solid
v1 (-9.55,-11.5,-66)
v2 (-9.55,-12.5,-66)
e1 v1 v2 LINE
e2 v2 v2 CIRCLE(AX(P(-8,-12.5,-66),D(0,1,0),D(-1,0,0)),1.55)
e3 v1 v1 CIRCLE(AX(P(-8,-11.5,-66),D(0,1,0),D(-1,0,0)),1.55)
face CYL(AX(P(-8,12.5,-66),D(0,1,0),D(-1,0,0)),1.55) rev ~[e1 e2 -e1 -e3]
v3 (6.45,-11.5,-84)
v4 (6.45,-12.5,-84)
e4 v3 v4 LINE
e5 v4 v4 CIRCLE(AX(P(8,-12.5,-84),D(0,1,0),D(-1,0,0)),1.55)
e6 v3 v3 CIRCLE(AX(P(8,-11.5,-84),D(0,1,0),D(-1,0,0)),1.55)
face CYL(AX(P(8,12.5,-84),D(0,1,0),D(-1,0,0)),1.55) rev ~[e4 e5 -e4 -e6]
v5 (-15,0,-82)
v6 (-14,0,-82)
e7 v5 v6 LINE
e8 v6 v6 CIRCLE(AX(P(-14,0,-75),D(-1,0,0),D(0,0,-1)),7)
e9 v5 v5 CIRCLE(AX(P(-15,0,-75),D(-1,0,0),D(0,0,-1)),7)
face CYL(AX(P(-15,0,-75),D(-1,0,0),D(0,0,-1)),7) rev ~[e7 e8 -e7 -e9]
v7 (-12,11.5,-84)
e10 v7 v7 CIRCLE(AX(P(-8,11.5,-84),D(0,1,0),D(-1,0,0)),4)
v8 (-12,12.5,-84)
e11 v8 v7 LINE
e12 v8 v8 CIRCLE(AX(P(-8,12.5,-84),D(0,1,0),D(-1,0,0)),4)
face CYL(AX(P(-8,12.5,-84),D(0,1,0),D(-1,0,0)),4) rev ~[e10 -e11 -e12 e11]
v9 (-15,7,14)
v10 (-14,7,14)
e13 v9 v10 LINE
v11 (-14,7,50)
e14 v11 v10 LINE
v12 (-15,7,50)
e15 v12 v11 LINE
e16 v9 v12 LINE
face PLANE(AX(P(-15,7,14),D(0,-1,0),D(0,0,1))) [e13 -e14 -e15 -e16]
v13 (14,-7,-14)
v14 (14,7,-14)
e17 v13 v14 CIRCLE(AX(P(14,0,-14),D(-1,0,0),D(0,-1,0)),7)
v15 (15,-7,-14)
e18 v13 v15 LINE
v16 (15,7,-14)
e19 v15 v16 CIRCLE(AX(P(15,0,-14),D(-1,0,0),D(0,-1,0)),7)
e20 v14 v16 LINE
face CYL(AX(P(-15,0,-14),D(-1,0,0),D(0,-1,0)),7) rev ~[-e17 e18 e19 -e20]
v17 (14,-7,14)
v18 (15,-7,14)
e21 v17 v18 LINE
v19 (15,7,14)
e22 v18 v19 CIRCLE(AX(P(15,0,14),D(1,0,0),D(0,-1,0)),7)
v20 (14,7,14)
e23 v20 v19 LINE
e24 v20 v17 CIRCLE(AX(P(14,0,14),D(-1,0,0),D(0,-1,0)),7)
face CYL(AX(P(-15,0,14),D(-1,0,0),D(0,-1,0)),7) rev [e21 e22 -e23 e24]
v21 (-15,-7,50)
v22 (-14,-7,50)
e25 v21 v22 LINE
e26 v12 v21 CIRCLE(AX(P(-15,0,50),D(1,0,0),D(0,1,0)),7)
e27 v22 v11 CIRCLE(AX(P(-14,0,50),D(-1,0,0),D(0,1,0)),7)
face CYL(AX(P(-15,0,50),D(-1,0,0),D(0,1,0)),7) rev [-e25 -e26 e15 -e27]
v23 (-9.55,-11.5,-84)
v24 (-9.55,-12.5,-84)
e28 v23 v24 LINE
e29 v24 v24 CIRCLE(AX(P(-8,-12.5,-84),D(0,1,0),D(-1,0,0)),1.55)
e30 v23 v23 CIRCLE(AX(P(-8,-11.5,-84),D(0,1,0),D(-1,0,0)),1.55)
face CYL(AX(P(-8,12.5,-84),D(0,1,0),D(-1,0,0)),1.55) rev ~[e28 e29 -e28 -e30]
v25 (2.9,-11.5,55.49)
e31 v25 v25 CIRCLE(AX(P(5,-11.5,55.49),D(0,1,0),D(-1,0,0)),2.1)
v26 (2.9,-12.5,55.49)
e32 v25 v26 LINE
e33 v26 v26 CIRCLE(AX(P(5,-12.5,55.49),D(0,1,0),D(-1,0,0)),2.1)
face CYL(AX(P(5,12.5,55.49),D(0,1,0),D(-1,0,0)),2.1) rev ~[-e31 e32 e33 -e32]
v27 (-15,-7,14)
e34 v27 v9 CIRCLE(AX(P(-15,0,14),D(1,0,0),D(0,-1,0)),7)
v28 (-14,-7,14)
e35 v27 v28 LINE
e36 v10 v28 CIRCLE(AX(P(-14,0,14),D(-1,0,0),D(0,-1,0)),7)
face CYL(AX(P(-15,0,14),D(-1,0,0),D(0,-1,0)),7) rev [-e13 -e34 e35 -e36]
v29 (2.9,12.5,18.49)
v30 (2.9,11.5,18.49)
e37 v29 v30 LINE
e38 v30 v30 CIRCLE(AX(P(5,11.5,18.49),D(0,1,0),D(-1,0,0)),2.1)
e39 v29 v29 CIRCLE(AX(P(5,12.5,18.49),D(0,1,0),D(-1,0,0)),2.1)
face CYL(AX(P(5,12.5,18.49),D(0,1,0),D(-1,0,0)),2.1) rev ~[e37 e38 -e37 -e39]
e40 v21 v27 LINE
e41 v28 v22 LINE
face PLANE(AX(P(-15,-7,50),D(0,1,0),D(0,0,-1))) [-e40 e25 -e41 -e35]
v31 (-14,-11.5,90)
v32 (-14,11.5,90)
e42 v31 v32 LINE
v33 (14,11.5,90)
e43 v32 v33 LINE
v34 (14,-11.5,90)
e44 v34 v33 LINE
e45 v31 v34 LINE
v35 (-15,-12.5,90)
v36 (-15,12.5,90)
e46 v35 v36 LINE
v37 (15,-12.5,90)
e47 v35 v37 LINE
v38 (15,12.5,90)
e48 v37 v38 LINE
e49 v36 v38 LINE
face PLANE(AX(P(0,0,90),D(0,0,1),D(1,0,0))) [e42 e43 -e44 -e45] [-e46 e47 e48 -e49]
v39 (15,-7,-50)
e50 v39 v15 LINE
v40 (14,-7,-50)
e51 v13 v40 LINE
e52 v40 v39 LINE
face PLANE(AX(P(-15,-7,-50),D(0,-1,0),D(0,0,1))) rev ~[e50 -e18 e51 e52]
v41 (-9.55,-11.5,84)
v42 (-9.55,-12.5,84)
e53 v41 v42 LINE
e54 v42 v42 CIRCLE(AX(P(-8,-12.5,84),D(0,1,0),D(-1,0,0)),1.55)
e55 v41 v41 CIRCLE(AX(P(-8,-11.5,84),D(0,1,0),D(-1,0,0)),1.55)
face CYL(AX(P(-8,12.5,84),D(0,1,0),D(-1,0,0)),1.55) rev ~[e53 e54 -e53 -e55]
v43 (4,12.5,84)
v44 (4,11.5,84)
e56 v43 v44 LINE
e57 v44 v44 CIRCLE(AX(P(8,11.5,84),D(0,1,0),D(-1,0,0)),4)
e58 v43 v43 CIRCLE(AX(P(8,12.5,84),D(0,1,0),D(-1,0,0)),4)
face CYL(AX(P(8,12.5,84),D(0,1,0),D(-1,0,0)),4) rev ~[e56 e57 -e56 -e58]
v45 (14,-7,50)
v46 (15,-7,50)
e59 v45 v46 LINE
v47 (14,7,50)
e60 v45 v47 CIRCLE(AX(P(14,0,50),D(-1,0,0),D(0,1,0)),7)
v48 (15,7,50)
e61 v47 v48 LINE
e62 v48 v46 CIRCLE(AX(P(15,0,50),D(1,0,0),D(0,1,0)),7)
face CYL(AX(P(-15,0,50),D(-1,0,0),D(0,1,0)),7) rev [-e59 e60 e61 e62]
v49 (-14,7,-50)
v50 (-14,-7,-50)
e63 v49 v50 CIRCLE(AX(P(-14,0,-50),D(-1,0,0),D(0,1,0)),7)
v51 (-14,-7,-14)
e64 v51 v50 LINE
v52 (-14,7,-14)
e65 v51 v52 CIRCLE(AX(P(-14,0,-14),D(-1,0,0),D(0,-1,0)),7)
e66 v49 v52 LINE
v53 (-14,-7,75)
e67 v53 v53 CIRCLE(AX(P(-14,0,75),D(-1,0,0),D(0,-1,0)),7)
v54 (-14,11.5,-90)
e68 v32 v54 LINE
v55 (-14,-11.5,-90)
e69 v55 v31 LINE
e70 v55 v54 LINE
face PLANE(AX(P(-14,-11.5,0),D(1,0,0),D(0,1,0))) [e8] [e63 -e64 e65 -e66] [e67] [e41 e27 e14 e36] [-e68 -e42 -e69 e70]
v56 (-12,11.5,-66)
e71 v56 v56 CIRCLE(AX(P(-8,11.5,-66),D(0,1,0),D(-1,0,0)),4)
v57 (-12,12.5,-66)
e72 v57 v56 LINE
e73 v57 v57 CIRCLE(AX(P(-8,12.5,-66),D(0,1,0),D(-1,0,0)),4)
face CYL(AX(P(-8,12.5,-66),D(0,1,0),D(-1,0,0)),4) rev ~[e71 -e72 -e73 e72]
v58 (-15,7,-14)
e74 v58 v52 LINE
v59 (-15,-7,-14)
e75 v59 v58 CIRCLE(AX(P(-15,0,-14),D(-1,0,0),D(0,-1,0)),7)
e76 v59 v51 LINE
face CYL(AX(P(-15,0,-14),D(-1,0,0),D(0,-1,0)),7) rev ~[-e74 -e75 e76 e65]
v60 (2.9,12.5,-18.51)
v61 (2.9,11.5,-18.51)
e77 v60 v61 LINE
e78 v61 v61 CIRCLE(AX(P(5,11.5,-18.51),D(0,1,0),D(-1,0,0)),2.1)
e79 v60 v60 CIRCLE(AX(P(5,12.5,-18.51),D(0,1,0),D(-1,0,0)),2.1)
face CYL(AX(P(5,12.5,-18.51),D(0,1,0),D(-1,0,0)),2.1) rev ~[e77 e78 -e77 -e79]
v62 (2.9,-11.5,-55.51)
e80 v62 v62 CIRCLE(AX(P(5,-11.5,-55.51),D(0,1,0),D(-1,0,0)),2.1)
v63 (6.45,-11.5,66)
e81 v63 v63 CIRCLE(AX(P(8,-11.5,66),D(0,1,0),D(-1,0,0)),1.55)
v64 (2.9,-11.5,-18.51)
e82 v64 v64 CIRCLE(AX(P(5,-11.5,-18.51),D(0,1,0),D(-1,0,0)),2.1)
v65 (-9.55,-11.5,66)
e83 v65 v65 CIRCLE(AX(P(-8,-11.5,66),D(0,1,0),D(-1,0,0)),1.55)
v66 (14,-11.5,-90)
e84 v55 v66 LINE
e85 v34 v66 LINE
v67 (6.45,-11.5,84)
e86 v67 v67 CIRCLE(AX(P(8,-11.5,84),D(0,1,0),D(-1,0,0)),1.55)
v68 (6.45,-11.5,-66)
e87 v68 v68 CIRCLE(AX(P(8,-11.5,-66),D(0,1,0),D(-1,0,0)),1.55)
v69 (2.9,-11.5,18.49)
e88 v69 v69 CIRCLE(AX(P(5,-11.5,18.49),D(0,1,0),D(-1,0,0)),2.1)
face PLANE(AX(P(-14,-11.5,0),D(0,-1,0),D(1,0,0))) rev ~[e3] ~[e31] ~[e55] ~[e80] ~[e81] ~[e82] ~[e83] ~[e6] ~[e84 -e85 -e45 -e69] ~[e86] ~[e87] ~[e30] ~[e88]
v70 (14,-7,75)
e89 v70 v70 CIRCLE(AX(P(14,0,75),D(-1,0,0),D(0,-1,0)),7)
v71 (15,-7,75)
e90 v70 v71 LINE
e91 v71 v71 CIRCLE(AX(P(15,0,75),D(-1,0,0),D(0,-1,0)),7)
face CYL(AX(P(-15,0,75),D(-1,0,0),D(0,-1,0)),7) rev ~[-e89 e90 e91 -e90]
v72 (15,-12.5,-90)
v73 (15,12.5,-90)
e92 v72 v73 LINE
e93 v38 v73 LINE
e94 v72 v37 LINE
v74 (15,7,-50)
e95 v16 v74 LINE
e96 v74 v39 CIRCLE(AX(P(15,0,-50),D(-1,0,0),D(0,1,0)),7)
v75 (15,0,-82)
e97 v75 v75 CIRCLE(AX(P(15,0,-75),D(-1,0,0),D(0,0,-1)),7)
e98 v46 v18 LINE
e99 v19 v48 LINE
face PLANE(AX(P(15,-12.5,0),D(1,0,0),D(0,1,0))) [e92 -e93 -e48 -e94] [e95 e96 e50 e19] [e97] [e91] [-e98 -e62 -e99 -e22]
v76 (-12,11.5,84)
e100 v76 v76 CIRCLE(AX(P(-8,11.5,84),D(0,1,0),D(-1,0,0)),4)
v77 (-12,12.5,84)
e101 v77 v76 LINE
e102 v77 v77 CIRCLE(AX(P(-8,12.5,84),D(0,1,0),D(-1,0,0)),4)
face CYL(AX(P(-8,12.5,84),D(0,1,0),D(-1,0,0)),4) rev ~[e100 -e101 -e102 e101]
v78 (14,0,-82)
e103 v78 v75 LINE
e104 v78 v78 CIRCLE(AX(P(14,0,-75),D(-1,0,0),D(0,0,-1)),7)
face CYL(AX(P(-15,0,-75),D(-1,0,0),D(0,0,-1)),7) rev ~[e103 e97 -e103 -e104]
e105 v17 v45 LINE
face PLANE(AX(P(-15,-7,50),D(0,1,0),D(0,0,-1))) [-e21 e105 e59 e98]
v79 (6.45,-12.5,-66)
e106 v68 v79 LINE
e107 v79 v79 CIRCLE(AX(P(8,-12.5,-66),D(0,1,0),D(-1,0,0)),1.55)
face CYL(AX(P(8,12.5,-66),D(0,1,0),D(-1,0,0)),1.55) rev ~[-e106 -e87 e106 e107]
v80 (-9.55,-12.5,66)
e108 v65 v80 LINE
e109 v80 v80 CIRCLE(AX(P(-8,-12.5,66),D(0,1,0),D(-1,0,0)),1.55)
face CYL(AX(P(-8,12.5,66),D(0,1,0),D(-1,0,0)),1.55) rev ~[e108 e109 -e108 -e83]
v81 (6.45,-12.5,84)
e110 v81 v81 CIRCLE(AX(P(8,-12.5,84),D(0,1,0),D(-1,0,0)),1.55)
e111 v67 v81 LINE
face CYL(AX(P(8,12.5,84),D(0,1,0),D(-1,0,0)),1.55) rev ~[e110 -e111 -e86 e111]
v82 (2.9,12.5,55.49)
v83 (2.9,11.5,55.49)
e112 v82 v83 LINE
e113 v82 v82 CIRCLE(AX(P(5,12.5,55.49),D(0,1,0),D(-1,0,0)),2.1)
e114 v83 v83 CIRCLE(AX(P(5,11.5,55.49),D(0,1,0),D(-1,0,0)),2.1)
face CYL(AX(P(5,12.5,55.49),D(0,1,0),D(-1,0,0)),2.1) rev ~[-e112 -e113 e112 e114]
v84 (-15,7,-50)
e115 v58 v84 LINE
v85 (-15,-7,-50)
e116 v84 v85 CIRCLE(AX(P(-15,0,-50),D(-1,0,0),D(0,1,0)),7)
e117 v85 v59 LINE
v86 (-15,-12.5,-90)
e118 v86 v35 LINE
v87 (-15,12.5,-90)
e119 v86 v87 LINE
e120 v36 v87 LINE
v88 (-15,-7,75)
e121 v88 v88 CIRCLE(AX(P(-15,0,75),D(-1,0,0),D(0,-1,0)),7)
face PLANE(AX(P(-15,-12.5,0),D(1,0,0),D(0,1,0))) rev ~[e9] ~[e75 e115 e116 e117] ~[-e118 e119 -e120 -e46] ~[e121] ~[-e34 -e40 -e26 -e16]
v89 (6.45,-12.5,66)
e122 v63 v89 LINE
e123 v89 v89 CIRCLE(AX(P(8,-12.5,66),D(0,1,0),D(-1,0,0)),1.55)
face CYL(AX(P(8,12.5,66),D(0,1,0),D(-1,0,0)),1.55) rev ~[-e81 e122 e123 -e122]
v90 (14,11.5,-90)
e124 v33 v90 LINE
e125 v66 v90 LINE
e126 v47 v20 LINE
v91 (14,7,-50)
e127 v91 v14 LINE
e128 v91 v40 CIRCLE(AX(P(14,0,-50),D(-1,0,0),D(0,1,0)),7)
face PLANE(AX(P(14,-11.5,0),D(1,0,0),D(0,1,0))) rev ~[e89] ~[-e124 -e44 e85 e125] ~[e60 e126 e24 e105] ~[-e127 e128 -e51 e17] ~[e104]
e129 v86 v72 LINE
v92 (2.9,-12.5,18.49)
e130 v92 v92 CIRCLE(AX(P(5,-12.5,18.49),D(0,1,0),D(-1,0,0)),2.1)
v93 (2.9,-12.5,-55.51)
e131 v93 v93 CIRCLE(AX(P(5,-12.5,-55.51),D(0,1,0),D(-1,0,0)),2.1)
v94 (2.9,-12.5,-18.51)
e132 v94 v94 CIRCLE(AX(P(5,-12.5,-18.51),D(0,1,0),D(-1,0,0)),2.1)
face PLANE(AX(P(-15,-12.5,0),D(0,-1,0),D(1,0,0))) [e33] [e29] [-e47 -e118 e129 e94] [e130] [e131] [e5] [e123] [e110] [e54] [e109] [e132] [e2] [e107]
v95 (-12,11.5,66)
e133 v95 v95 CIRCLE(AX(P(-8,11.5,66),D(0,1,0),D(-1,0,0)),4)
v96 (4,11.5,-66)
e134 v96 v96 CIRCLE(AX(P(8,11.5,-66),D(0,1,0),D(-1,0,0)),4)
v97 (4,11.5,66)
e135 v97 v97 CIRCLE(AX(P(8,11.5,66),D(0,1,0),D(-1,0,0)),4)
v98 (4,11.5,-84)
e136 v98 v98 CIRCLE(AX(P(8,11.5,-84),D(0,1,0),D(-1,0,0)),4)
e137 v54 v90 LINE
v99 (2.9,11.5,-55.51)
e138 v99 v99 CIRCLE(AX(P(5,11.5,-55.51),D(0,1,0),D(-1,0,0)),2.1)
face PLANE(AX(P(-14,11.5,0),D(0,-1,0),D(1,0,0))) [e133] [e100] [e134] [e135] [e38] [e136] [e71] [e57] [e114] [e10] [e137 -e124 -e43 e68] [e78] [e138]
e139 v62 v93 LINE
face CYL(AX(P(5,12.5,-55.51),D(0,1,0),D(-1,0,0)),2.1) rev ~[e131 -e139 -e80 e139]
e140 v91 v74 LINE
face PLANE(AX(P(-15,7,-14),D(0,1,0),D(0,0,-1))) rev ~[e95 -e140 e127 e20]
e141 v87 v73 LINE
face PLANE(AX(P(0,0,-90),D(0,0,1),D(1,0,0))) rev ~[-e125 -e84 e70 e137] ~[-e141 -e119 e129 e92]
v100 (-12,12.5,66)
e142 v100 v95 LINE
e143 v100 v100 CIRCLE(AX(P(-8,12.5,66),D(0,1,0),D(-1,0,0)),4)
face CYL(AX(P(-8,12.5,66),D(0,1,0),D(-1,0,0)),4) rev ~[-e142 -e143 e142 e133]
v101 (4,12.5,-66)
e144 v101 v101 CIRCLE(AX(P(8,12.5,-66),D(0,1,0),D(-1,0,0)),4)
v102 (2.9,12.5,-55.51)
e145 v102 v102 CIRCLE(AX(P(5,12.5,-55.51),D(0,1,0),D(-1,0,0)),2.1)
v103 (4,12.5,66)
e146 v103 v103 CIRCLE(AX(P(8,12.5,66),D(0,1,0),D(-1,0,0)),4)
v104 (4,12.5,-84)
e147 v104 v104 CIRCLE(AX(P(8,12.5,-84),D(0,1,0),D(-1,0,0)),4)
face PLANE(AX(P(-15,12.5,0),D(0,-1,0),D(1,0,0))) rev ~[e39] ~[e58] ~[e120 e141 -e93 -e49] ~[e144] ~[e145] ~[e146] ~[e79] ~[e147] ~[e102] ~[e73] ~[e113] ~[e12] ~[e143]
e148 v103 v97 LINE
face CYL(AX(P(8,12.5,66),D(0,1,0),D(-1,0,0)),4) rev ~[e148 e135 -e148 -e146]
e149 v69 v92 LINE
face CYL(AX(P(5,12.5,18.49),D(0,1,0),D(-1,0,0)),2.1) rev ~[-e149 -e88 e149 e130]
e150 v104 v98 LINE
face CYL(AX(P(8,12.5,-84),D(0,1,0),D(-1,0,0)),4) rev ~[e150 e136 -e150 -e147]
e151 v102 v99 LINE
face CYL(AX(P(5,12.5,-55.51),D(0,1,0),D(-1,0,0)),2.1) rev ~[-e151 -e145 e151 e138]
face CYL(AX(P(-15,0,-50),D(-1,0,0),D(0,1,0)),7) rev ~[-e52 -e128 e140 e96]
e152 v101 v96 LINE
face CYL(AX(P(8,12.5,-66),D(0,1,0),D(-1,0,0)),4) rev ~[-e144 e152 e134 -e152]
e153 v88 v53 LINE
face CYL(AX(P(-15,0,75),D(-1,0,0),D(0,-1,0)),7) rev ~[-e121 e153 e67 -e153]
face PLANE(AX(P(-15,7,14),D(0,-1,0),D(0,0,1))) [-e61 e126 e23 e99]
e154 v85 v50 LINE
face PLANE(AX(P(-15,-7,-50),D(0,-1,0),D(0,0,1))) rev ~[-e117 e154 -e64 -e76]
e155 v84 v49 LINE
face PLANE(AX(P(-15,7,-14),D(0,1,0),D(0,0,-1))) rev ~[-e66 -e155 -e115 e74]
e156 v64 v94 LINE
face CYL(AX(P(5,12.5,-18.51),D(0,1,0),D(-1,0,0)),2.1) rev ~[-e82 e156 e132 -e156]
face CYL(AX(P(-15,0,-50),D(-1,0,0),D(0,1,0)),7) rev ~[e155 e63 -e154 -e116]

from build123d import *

# Parameters (mm, degrees)
SKETCH_1_W          = 30
SKETCH_1_H          = 25
SKETCH_1_W_2        = 28
SKETCH_1_H_2        = 23
EXTRUDE_1_DEPTH     = 90
SKETCH_2_R          = 2.1
CUT_EXTRUDE_1_DEPTH = 30
SKETCH_3_R          = 1.55
CUT_EXTRUDE_2_DEPTH = 30
SKETCH_4_R          = 4
CUT_EXTRUDE_3_DEPTH = 10
SKETCH_5_R          = 7
CUT_EXTRUDE_4_DEPTH = 30


with BuildPart() as part:
    # 草图1 → 凸台-拉伸1 (new, symmetric)
    with BuildSketch(Plane.XY):
        Rectangle(SKETCH_1_W, SKETCH_1_H)
        Rectangle(SKETCH_1_W_2, SKETCH_1_H_2, mode=Mode.SUBTRACT)
    extrude(amount=EXTRUDE_1_DEPTH, both=True)

    # 草图2 → 切除-拉伸1 (cut)
    with BuildSketch(Plane(origin=(0, 12.5, 0), x_dir=(1, 0, 0), z_dir=(0, 1, 0))):
        with Locations(Location((5, 55.51, 0), (0, 0, 180))):
            Circle(SKETCH_2_R)
        with Locations(Location((5, -55.49, 0), (0, 0, 180))):
            Circle(SKETCH_2_R)
        with Locations(Location((5, -18.49, 0), (0, 0, 180))):
            Circle(SKETCH_2_R)
        with Locations(Location((5, 18.51, 0), (0, 0, 180))):
            Circle(SKETCH_2_R)
    extrude(amount=-CUT_EXTRUDE_1_DEPTH, mode=Mode.SUBTRACT)

    # 草图3 → 切除-拉伸2 (cut)
    with BuildSketch(Plane(origin=(0, 12.5, 0), x_dir=(1, 0, 0), z_dir=(0, 1, 0))):
        with Locations(Location((8, 84, 0), (0, 0, 180))):
            Circle(SKETCH_3_R)
        with Locations(Location((8, 66, 0), (0, 0, 180))):
            Circle(SKETCH_3_R)
        with Locations(Location((-8, 84, 0), (0, 0, 180))):
            Circle(SKETCH_3_R)
        with Locations(Location((-8, 66, 0), (0, 0, 180))):
            Circle(SKETCH_3_R)
        with Locations(Location((8, -66, 0), (0, 0, 180))):
            Circle(SKETCH_3_R)
        with Locations(Location((-8, -66, 0), (0, 0, 180))):
            Circle(SKETCH_3_R)
        with Locations(Location((-8, -84, 0), (0, 0, 180))):
            Circle(SKETCH_3_R)
        with Locations(Location((8, -84, 0), (0, 0, 180))):
            Circle(SKETCH_3_R)
    extrude(amount=-CUT_EXTRUDE_2_DEPTH, mode=Mode.SUBTRACT)

    # 草图4 → 切除-拉伸3 (cut)
    with BuildSketch(Plane(origin=(0, 12.5, 0), x_dir=(1, 0, 0), z_dir=(0, 1, 0))):
        with Locations(Location((8, -84, 0), (0, 0, 180))):
            Circle(SKETCH_4_R)
        with Locations(Location((-8, -84, 0), (0, 0, 180))):
            Circle(SKETCH_4_R)
        with Locations(Location((-8, -66, 0), (0, 0, 180))):
            Circle(SKETCH_4_R)
        with Locations(Location((8, -66, 0), (0, 0, 180))):
            Circle(SKETCH_4_R)
        with Locations(Location((-8, 66, 0), (0, 0, 180))):
            Circle(SKETCH_4_R)
        with Locations(Location((8, 66, 0), (0, 0, 180))):
            Circle(SKETCH_4_R)
        with Locations(Location((8, 84, 0), (0, 0, 180))):
            Circle(SKETCH_4_R)
        with Locations(Location((-8, 84, 0), (0, 0, 180))):
            Circle(SKETCH_4_R)
    extrude(amount=-CUT_EXTRUDE_3_DEPTH, mode=Mode.SUBTRACT)

    # 草图5 → 切除-拉伸4 (cut)
    with BuildSketch(Plane.ZY.offset(15)):
        with Locations(Location((75, 0, 0), (0, 0, 270))):
            Circle(SKETCH_5_R)
        with Locations(Location((-75, 0, 0), (0, 0, 180))):
            Circle(SKETCH_5_R)
        with BuildLine():
            Line((14, 7), (50, 7))
            ThreePointArc((50, 7), (57, 0), (50, -7))
            Line((50, -7), (14, -7))
            ThreePointArc((14, -7), (7, 0), (14, 7))
        make_face()
        with BuildLine():
            Line((-14, 7), (-50, 7))
            ThreePointArc((-50, 7), (-57, 0), (-50, -7))
            Line((-50, -7), (-14, -7))
            ThreePointArc((-14, -7), (-7, 0), (-14, 7))
        make_face()
    extrude(amount=-CUT_EXTRUDE_4_DEPTH, mode=Mode.SUBTRACT)


solid = part.part
